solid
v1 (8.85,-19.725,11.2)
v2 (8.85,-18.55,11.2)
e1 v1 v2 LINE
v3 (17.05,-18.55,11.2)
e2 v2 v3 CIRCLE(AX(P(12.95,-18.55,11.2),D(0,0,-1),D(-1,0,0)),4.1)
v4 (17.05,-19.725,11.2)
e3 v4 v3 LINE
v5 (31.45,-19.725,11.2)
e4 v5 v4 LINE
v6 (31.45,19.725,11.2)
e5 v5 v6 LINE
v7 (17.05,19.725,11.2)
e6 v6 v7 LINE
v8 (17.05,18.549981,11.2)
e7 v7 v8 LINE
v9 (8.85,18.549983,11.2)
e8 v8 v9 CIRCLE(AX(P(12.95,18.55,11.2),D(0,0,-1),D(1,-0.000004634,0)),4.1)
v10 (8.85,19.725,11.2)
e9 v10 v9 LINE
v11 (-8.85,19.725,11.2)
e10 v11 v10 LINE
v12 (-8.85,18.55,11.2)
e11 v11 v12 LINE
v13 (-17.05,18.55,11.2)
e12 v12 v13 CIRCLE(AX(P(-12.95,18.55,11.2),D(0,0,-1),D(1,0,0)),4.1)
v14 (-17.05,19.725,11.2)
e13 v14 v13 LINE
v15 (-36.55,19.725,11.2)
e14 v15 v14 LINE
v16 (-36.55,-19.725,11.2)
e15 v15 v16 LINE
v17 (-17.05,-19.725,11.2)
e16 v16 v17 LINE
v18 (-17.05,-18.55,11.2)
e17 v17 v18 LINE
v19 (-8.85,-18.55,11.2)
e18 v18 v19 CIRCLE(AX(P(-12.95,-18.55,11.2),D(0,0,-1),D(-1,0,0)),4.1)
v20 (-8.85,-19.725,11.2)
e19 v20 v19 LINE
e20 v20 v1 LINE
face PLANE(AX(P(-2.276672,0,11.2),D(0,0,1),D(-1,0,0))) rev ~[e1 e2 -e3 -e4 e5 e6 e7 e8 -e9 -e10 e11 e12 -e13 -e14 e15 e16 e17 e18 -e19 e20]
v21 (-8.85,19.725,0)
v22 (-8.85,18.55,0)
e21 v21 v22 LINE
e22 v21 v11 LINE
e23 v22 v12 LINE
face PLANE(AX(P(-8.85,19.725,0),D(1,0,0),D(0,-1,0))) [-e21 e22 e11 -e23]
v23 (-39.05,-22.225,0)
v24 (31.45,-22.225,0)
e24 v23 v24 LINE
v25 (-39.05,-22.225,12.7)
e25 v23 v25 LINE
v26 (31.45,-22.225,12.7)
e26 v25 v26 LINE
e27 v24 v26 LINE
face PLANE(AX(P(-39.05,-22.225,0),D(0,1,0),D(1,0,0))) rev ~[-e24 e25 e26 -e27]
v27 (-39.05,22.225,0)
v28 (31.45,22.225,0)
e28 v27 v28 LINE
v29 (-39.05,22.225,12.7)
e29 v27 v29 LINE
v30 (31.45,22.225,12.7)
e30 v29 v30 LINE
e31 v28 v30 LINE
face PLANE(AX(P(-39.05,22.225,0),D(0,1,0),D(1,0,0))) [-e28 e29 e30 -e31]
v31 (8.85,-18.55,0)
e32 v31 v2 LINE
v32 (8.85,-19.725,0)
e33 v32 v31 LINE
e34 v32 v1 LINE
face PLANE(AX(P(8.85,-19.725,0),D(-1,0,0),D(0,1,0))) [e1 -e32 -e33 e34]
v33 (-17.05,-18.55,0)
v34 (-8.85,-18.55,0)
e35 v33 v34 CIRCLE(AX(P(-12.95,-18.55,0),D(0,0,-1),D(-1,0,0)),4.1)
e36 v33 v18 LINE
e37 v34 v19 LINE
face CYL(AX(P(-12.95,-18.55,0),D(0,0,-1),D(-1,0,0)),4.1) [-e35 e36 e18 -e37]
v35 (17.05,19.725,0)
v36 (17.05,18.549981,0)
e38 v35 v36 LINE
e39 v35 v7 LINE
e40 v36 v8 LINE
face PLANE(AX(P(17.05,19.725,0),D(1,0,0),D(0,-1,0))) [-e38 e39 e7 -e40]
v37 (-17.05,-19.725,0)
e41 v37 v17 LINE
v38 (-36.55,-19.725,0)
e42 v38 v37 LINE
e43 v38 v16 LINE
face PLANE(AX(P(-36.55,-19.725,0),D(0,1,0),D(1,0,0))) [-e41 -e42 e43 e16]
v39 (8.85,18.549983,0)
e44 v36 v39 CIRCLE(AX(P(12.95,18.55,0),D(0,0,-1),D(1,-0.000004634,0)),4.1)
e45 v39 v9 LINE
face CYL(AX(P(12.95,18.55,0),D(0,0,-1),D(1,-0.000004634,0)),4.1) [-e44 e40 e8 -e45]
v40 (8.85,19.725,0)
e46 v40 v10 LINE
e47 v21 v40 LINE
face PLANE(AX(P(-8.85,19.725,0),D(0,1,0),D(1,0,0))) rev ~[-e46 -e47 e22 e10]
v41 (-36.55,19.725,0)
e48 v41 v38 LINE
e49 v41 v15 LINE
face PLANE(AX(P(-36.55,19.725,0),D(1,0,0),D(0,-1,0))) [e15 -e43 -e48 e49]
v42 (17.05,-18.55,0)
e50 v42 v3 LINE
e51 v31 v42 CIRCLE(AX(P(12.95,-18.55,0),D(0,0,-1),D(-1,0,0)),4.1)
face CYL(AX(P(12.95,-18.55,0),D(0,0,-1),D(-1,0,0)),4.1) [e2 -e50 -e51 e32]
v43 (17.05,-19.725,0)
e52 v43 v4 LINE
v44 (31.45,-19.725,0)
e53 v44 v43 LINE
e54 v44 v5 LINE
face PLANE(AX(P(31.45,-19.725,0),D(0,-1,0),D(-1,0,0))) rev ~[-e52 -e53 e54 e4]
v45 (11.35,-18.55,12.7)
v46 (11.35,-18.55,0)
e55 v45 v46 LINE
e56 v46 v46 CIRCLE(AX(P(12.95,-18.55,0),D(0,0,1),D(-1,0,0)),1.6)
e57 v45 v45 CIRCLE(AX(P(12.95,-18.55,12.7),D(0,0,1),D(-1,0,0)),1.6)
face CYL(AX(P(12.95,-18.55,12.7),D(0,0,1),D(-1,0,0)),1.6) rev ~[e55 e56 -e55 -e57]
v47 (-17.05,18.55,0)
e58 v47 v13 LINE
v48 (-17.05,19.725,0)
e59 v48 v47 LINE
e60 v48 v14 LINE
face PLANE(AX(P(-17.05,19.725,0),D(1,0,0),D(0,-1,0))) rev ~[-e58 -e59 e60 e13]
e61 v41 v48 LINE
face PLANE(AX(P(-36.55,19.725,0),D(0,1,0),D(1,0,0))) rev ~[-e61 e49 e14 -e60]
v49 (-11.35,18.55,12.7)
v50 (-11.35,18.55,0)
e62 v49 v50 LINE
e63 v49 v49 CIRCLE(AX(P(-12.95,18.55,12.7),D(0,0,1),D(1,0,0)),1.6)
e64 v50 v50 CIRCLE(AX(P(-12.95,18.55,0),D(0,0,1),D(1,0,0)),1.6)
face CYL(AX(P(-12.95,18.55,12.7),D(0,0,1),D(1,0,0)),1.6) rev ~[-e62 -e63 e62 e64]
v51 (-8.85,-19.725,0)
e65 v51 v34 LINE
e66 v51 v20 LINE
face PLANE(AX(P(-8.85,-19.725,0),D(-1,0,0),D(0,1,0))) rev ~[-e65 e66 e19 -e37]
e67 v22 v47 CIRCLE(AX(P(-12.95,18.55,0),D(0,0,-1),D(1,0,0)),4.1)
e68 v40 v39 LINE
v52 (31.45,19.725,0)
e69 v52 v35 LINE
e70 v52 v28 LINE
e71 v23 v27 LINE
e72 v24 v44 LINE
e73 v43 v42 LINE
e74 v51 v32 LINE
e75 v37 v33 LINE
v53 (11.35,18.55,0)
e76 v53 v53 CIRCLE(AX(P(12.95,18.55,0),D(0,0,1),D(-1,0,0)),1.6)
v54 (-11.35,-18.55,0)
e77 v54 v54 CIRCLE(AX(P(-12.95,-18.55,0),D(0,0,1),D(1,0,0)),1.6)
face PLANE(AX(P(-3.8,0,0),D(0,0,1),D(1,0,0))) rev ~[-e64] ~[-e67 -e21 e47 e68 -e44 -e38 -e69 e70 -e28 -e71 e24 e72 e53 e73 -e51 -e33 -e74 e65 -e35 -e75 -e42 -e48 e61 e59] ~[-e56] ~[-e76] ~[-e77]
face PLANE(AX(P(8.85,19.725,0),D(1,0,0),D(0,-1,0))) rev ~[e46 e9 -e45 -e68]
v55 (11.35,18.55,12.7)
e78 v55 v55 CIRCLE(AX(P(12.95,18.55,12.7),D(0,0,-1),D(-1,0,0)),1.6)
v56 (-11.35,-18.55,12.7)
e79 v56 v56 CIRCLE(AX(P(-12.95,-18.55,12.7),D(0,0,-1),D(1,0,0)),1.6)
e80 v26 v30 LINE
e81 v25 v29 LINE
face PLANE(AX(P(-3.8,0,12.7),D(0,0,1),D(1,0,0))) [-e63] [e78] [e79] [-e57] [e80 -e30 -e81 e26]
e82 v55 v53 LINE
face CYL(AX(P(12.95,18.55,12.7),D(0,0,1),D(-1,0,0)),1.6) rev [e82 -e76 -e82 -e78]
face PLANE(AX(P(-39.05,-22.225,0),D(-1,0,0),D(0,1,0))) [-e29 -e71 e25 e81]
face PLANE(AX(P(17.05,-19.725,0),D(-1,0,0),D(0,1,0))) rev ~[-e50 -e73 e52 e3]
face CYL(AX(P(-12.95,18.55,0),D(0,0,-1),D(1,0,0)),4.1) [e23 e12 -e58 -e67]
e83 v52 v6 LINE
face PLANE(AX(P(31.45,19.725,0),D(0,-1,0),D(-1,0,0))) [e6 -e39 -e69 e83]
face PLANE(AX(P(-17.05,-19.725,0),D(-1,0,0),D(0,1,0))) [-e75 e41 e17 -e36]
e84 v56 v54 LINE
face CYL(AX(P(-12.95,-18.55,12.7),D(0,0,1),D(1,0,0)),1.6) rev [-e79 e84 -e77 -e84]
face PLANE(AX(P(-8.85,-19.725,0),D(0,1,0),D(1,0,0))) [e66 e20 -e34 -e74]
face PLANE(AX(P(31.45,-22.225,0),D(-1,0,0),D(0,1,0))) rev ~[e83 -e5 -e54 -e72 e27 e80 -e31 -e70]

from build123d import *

# Parameters (mm, degrees)
SKETCH_W                = 70.5
SKETCH_H                = 44.45
PAD_DEPTH               = 12.7
SKETCH001_R             = 1.6
POCKET_DEPTH            = 181.311112
SKETCH001_MIRRORED_2_R  = 1.6
POCKET_MIRRORED_2_DEPTH = 181.311112
POCKET001_DEPTH         = 11.2


with BuildPart() as part:
    # Sketch → Pad (new body)
    with BuildSketch(Plane.XY):
        with Locations((-3.8, 0)):
            Rectangle(SKETCH_W, SKETCH_H)
    extrude(amount=PAD_DEPTH)

    # Sketch001 (on Face6 of Pad) → Pocket (cut, through all)
    with BuildSketch(Plane.XY.offset(12.7)):
        with Locations((-12.95, 18.55)):
            Circle(SKETCH001_R)
    pocket = extrude(amount=-POCKET_DEPTH, mode=Mode.SUBTRACT)

    # Sketch001 Mirrored 2 → Pocket Mirrored 2 (cut, through all)
    with BuildSketch(Plane(origin=(0, 0, 12.7), x_dir=(-1, 0, 0), z_dir=(0, 0, -1))):
        with Locations((-12.95, 18.55)):
            Circle(SKETCH001_MIRRORED_2_R)
    pocket_mirrored_2 = extrude(amount=POCKET_MIRRORED_2_DEPTH, mode=Mode.SUBTRACT)

    # Mirrored001: Pocket, Pocket Mirrored 2 across XZ
    add(pocket.mirror(Plane.XZ), mode=Mode.SUBTRACT)
    add(pocket_mirrored_2.mirror(Plane.XZ), mode=Mode.SUBTRACT)

    # Sketch002 (on Face4 of MultiTransform) → Pocket001 (cut)
    with BuildSketch(Plane(origin=(0, 0, 0), x_dir=(1, 0, 0), z_dir=(0, 0, -1))):
        with BuildLine():
            Line((-36.55, -19.725), (-36.55, 19.725))
            Line((-36.55, 19.725), (-17.05, 19.725))
            Line((-17.05, 19.725), (-17.05, 18.55))
            ThreePointArc((-17.05, 18.55), (-12.95, 14.45), (-8.85, 18.55))
            Line((-8.85, 19.725), (-8.85, 18.55))
            Line((-8.85, 19.725), (8.85, 19.725))
            Line((8.85, 19.725), (8.85, 18.55))
            ThreePointArc((8.85, 18.55), (12.95, 14.45), (17.05, 18.55))
            Line((17.05, 19.725), (17.05, 18.55))
            Line((31.45, 19.725), (17.05, 19.725))
            Line((31.45, 19.725), (31.45, -19.725))
            Line((31.45, -19.725), (17.05, -19.725))
            Line((17.05, -19.725), (17.05, -18.549981))
            ThreePointArc((17.05, -18.549981), (12.949999, -14.45), (8.85, -18.549983))
            Line((8.85, -19.725), (8.85, -18.549983))
            Line((-8.85, -19.725), (8.85, -19.725))
            Line((-8.85, -19.725), (-8.85, -18.55))
            ThreePointArc((-8.85, -18.55), (-12.95, -14.45), (-17.05, -18.55))
            Line((-17.05, -19.725), (-17.05, -18.55))
            Line((-36.55, -19.725), (-17.05, -19.725))
        make_face()
    extrude(amount=-POCKET001_DEPTH, mode=Mode.SUBTRACT)


solid = part.part
